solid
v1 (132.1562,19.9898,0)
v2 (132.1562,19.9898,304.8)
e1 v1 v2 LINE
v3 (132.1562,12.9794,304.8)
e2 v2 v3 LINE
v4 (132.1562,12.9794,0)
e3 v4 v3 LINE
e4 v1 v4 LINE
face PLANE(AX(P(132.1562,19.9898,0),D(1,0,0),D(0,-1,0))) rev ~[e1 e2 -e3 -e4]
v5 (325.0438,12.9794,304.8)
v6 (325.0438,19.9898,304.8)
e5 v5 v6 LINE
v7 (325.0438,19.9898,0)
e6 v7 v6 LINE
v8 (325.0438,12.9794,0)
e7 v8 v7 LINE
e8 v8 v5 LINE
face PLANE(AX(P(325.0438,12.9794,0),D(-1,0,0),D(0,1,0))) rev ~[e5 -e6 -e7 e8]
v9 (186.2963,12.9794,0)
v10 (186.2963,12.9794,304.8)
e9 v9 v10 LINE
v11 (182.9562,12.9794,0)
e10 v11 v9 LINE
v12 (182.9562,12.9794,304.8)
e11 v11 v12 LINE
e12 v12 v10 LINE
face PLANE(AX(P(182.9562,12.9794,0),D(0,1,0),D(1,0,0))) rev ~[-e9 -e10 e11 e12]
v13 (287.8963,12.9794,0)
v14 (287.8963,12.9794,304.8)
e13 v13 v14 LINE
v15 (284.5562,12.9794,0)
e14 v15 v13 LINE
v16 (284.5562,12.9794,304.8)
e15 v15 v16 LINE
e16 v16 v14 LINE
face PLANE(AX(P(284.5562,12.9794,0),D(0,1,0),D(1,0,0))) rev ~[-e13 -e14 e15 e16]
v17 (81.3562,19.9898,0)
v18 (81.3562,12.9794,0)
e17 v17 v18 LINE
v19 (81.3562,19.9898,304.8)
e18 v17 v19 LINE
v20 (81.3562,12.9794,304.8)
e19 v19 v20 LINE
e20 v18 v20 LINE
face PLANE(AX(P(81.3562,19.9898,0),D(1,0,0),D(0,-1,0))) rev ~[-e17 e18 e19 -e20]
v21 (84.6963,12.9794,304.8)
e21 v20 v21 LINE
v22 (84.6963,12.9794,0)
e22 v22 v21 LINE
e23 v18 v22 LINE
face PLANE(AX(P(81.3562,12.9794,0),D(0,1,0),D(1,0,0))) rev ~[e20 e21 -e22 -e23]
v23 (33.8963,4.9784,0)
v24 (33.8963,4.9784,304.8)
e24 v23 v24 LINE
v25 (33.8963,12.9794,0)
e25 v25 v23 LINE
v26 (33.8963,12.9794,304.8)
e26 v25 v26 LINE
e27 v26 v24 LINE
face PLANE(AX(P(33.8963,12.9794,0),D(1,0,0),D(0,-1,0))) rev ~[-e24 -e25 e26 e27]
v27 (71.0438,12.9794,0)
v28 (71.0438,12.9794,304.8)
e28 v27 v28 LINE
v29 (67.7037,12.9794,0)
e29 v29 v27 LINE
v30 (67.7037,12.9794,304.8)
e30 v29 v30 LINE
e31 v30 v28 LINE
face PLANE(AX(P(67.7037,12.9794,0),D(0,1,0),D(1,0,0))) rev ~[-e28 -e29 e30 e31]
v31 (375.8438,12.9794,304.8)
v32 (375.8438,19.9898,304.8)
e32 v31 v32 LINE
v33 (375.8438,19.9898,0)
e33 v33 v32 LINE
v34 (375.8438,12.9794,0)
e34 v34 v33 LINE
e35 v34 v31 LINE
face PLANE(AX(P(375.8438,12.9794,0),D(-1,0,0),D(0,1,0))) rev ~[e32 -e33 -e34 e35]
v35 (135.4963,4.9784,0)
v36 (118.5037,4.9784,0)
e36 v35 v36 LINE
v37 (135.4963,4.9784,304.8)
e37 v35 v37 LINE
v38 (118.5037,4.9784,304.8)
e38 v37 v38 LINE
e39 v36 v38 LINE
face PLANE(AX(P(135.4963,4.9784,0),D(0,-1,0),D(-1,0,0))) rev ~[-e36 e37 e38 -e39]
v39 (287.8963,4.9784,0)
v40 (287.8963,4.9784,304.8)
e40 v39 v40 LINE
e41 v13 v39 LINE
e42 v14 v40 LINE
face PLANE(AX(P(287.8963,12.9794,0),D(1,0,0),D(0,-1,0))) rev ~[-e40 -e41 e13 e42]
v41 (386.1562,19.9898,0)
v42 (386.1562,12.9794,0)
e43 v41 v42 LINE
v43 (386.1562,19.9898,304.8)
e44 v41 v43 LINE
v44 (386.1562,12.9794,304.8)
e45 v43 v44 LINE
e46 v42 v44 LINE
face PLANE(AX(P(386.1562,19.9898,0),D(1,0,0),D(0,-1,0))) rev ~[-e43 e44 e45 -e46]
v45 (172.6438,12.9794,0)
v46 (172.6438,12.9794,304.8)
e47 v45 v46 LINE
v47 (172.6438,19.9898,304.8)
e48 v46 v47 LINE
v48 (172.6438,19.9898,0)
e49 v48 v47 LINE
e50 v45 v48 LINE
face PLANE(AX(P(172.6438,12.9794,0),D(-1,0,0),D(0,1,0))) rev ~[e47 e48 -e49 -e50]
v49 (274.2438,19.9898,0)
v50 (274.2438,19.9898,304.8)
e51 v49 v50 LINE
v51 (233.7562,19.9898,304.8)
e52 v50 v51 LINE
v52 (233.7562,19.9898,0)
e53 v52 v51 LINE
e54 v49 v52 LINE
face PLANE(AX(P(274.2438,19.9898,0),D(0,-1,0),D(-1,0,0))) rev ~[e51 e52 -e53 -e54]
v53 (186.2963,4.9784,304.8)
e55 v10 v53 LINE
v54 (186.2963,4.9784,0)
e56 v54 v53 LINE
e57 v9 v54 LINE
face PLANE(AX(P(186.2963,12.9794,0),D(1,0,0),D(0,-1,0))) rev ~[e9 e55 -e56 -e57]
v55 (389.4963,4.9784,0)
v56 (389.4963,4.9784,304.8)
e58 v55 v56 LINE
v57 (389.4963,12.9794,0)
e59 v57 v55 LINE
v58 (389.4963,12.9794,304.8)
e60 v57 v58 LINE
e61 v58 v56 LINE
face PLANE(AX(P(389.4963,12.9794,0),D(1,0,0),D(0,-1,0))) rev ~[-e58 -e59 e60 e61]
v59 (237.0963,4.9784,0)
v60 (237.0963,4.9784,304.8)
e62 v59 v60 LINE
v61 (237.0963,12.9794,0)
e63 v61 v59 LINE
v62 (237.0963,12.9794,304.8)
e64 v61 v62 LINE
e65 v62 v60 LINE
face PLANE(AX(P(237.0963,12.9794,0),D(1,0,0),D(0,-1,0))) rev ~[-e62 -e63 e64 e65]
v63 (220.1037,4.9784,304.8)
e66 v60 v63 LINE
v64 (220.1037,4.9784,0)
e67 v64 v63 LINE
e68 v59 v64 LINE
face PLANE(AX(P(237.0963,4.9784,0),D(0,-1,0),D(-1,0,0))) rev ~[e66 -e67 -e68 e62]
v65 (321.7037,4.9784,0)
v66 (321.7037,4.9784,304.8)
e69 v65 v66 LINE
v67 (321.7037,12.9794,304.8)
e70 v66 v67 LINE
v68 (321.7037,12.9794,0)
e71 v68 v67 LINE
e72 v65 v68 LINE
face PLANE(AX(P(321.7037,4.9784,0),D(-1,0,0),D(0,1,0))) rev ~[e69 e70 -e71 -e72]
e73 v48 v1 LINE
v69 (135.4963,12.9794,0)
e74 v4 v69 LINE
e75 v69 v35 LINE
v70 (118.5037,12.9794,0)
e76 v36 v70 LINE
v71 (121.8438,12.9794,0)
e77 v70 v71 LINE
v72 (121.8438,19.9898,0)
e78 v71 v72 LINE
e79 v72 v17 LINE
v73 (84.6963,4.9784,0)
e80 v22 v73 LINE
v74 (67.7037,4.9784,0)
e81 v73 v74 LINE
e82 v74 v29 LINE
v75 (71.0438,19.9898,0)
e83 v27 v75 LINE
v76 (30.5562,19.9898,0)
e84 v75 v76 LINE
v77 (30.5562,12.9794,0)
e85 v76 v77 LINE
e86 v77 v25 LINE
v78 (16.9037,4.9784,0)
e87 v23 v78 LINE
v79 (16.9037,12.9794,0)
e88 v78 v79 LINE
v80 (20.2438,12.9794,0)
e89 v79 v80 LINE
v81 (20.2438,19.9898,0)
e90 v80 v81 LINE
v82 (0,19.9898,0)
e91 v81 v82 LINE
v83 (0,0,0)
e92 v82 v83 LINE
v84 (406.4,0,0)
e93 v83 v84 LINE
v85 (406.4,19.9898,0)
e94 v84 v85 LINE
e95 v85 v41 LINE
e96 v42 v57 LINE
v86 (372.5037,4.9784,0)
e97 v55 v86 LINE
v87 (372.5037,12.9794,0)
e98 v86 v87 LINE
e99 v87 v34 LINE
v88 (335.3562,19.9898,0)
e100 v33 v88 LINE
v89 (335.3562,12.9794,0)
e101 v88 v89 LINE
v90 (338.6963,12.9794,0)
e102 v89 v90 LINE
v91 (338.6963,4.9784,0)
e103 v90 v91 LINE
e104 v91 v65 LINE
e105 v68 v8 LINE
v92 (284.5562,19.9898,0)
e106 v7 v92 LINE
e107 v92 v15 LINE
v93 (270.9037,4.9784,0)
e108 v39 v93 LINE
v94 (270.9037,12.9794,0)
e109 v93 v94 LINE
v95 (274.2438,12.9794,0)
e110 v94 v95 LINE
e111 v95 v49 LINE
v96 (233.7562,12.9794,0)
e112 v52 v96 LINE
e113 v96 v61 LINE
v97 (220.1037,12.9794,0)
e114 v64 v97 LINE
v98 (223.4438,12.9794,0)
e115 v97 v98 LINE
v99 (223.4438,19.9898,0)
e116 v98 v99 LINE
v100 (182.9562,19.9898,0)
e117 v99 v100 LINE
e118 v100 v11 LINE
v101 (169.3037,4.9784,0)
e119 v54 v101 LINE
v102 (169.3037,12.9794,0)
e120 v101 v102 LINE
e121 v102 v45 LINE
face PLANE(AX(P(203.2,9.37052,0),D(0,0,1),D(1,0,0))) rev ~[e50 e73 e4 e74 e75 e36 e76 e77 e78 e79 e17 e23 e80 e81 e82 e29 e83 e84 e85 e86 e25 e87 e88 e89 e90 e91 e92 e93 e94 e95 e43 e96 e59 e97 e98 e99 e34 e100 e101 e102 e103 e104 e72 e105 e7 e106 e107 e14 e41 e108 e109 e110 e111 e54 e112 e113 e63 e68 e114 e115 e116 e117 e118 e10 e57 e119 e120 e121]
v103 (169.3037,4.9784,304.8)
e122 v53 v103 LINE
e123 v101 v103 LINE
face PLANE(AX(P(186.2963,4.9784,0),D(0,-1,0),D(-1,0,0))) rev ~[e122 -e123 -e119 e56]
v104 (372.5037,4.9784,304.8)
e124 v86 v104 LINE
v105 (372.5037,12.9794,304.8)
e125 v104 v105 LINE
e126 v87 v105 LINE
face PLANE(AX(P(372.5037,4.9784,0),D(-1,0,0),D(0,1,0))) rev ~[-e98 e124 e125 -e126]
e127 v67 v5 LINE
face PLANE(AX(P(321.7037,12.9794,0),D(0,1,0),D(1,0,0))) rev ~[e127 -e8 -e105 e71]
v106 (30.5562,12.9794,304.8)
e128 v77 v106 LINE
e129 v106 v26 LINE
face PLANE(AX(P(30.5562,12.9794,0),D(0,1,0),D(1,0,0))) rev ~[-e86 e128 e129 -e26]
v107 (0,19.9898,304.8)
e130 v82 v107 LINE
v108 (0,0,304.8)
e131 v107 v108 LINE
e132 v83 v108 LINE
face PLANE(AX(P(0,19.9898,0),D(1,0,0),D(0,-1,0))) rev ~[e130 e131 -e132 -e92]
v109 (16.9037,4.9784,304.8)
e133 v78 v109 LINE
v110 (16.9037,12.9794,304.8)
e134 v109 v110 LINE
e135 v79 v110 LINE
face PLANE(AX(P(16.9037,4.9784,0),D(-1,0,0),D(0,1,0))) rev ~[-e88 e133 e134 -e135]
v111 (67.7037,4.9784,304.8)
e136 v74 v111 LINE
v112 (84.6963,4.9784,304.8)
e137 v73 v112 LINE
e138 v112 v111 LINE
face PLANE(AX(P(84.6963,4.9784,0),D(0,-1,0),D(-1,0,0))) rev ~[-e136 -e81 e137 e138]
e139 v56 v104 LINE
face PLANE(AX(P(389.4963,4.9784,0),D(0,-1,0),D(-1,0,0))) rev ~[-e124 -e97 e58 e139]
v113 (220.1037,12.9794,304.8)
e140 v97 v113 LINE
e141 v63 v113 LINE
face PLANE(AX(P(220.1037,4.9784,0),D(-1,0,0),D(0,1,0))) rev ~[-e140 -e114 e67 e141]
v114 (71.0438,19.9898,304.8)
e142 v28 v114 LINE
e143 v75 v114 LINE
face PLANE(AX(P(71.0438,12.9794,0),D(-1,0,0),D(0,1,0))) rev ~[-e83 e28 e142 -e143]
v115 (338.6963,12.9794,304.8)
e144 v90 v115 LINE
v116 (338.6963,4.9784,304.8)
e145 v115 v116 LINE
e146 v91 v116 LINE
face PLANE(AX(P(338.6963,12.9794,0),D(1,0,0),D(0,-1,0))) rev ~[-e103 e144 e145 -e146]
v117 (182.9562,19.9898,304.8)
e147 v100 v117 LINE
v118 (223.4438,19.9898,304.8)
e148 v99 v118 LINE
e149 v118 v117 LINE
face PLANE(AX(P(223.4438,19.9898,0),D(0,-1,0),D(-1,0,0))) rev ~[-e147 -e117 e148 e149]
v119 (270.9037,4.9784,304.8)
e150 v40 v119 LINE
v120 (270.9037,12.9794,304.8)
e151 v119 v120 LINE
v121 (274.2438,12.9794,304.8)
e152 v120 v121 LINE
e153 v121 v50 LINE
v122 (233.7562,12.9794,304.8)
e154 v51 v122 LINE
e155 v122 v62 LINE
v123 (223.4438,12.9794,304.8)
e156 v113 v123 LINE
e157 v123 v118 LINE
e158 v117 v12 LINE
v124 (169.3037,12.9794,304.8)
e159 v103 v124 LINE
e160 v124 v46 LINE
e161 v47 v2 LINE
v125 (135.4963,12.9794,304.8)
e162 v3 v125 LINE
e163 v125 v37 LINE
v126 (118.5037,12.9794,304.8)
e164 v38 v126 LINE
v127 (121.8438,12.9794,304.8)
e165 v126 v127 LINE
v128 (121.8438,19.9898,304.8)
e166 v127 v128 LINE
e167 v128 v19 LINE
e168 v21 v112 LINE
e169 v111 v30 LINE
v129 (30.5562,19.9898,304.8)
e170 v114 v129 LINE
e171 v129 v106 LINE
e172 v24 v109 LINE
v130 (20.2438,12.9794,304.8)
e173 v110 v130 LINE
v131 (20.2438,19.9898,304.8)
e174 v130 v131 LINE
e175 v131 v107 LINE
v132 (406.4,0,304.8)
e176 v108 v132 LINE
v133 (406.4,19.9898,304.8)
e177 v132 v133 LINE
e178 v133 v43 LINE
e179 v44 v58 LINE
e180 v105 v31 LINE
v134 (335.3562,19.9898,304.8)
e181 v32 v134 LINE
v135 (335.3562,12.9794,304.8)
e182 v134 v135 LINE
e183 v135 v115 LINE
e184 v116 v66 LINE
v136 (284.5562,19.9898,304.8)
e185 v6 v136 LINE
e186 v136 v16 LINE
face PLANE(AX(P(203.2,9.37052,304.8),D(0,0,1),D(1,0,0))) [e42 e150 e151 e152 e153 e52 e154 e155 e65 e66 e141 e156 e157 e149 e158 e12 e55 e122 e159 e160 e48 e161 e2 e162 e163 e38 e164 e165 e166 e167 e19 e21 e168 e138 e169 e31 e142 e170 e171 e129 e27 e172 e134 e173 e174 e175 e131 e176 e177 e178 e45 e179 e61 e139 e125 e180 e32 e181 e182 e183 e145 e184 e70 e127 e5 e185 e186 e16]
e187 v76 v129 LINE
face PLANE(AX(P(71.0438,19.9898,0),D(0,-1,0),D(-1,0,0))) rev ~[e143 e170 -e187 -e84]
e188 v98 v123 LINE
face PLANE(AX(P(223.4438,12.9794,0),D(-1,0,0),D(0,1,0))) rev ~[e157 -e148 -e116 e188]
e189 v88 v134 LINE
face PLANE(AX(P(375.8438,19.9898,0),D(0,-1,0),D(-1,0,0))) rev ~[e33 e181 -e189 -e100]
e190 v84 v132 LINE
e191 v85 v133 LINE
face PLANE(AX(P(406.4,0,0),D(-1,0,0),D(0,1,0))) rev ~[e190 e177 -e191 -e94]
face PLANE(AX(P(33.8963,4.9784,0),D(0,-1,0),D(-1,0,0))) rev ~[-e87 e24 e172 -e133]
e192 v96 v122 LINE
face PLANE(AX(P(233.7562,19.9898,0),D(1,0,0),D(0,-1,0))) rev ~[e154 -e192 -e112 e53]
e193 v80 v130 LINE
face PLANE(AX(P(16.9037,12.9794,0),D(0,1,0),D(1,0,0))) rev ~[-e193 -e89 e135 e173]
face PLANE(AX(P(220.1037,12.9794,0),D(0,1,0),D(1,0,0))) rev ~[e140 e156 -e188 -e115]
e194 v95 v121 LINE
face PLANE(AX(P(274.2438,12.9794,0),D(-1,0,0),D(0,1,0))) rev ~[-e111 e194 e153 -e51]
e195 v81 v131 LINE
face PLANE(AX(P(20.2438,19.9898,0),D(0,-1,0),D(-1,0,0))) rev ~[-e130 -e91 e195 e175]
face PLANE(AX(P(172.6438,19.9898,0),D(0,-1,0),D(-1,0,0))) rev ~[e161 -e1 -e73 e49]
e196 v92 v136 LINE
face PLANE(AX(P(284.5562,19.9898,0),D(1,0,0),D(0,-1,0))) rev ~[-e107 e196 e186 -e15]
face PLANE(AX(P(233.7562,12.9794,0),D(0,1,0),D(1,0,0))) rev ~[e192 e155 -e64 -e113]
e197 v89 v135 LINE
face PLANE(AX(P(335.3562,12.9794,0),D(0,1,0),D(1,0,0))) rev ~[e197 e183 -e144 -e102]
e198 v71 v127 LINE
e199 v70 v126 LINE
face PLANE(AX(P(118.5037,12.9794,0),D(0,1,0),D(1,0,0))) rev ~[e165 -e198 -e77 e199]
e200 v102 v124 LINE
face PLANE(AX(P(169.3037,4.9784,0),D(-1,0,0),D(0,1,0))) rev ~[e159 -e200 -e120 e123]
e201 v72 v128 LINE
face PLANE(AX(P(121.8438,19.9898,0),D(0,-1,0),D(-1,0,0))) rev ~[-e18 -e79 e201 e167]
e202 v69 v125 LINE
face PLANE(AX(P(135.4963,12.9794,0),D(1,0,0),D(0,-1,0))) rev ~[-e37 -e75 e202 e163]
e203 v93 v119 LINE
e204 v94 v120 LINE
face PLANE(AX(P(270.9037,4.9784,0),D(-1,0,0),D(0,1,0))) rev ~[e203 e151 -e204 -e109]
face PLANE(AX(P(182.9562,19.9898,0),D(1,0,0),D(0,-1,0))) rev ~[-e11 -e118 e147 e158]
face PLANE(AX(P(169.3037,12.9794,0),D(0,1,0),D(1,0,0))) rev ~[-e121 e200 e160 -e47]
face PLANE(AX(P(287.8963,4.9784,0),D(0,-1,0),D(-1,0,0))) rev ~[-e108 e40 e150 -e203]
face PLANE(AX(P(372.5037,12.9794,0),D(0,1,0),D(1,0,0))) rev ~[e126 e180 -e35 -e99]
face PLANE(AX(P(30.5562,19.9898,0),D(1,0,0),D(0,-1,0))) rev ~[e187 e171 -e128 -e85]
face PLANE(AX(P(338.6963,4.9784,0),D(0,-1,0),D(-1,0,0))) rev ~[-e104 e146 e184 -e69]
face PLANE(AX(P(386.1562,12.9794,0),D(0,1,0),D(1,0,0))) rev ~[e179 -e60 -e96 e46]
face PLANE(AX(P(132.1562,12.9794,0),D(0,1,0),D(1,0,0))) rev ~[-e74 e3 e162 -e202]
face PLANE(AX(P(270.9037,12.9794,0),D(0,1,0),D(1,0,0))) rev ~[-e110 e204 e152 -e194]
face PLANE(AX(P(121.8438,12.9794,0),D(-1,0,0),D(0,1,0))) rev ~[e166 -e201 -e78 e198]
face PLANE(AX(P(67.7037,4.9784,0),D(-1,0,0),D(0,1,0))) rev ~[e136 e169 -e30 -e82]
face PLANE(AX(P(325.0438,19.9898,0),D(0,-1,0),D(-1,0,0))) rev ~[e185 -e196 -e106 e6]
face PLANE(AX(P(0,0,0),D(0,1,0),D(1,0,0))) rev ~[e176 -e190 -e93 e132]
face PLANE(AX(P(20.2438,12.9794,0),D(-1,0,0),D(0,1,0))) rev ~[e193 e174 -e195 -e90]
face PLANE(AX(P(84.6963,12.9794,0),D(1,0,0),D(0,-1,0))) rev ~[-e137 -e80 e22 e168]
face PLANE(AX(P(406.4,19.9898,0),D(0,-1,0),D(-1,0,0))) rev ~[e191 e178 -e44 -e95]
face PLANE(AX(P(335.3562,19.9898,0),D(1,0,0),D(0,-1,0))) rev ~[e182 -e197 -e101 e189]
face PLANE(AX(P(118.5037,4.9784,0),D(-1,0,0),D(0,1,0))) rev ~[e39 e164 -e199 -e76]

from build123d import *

# Parameters (mm, degrees)
BOSS_EXTRUDE1_DEPTH = 304.8


with BuildPart() as part:
    # Sketch1 → Boss-Extrude1 (new body)
    with BuildSketch(Plane.XY):
        Polygon((30.5562, 12.9794), (33.8963, 12.9794), (33.8963, 4.9784), (16.9037, 4.9784), (16.9037, 12.9794), (20.2438, 12.9794), (20.2438, 19.9898), (0, 19.9898), (0, 0), (406.4, 0), (406.4, 19.9898), (386.1562, 19.9898), (386.1562, 12.9794), (389.4963, 12.9794), (389.4963, 4.9784), (372.5037, 4.9784), (372.5037, 12.9794), (375.8438, 12.9794), (375.8438, 19.9898), (335.3562, 19.9898), (335.3562, 12.9794), (338.6963, 12.9794), (338.6963, 4.9784), (321.7037, 4.9784), (321.7037, 12.9794), (325.0438, 12.9794), (325.0438, 19.9898), (284.5562, 19.9898), (284.5562, 12.9794), (287.8963, 12.9794), (287.8963, 4.9784), (270.9037, 4.9784), (270.9037, 12.9794), (274.2438, 12.9794), (274.2438, 19.9898), (233.7562, 19.9898), (233.7562, 12.9794), (237.0963, 12.9794), (237.0963, 4.9784), (220.1037, 4.9784), (220.1037, 12.9794), (223.4438, 12.9794), (223.4438, 19.9898), (182.9562, 19.9898), (182.9562, 12.9794), (186.2963, 12.9794), (186.2963, 4.9784), (169.3037, 4.9784), (169.3037, 12.9794), (172.6438, 12.9794), (172.6438, 19.9898), (132.1562, 19.9898), (132.1562, 12.9794), (135.4963, 12.9794), (135.4963, 4.9784), (118.5037, 4.9784), (118.5037, 12.9794), (121.8438, 12.9794), (121.8438, 19.9898), (81.3562, 19.9898), (81.3562, 12.9794), (84.6963, 12.9794), (84.6963, 4.9784), (67.7037, 4.9784), (67.7037, 12.9794), (71.0438, 12.9794), (71.0438, 19.9898), (30.5562, 19.9898), align=None)
    extrude(amount=BOSS_EXTRUDE1_DEPTH)


solid = part.part
